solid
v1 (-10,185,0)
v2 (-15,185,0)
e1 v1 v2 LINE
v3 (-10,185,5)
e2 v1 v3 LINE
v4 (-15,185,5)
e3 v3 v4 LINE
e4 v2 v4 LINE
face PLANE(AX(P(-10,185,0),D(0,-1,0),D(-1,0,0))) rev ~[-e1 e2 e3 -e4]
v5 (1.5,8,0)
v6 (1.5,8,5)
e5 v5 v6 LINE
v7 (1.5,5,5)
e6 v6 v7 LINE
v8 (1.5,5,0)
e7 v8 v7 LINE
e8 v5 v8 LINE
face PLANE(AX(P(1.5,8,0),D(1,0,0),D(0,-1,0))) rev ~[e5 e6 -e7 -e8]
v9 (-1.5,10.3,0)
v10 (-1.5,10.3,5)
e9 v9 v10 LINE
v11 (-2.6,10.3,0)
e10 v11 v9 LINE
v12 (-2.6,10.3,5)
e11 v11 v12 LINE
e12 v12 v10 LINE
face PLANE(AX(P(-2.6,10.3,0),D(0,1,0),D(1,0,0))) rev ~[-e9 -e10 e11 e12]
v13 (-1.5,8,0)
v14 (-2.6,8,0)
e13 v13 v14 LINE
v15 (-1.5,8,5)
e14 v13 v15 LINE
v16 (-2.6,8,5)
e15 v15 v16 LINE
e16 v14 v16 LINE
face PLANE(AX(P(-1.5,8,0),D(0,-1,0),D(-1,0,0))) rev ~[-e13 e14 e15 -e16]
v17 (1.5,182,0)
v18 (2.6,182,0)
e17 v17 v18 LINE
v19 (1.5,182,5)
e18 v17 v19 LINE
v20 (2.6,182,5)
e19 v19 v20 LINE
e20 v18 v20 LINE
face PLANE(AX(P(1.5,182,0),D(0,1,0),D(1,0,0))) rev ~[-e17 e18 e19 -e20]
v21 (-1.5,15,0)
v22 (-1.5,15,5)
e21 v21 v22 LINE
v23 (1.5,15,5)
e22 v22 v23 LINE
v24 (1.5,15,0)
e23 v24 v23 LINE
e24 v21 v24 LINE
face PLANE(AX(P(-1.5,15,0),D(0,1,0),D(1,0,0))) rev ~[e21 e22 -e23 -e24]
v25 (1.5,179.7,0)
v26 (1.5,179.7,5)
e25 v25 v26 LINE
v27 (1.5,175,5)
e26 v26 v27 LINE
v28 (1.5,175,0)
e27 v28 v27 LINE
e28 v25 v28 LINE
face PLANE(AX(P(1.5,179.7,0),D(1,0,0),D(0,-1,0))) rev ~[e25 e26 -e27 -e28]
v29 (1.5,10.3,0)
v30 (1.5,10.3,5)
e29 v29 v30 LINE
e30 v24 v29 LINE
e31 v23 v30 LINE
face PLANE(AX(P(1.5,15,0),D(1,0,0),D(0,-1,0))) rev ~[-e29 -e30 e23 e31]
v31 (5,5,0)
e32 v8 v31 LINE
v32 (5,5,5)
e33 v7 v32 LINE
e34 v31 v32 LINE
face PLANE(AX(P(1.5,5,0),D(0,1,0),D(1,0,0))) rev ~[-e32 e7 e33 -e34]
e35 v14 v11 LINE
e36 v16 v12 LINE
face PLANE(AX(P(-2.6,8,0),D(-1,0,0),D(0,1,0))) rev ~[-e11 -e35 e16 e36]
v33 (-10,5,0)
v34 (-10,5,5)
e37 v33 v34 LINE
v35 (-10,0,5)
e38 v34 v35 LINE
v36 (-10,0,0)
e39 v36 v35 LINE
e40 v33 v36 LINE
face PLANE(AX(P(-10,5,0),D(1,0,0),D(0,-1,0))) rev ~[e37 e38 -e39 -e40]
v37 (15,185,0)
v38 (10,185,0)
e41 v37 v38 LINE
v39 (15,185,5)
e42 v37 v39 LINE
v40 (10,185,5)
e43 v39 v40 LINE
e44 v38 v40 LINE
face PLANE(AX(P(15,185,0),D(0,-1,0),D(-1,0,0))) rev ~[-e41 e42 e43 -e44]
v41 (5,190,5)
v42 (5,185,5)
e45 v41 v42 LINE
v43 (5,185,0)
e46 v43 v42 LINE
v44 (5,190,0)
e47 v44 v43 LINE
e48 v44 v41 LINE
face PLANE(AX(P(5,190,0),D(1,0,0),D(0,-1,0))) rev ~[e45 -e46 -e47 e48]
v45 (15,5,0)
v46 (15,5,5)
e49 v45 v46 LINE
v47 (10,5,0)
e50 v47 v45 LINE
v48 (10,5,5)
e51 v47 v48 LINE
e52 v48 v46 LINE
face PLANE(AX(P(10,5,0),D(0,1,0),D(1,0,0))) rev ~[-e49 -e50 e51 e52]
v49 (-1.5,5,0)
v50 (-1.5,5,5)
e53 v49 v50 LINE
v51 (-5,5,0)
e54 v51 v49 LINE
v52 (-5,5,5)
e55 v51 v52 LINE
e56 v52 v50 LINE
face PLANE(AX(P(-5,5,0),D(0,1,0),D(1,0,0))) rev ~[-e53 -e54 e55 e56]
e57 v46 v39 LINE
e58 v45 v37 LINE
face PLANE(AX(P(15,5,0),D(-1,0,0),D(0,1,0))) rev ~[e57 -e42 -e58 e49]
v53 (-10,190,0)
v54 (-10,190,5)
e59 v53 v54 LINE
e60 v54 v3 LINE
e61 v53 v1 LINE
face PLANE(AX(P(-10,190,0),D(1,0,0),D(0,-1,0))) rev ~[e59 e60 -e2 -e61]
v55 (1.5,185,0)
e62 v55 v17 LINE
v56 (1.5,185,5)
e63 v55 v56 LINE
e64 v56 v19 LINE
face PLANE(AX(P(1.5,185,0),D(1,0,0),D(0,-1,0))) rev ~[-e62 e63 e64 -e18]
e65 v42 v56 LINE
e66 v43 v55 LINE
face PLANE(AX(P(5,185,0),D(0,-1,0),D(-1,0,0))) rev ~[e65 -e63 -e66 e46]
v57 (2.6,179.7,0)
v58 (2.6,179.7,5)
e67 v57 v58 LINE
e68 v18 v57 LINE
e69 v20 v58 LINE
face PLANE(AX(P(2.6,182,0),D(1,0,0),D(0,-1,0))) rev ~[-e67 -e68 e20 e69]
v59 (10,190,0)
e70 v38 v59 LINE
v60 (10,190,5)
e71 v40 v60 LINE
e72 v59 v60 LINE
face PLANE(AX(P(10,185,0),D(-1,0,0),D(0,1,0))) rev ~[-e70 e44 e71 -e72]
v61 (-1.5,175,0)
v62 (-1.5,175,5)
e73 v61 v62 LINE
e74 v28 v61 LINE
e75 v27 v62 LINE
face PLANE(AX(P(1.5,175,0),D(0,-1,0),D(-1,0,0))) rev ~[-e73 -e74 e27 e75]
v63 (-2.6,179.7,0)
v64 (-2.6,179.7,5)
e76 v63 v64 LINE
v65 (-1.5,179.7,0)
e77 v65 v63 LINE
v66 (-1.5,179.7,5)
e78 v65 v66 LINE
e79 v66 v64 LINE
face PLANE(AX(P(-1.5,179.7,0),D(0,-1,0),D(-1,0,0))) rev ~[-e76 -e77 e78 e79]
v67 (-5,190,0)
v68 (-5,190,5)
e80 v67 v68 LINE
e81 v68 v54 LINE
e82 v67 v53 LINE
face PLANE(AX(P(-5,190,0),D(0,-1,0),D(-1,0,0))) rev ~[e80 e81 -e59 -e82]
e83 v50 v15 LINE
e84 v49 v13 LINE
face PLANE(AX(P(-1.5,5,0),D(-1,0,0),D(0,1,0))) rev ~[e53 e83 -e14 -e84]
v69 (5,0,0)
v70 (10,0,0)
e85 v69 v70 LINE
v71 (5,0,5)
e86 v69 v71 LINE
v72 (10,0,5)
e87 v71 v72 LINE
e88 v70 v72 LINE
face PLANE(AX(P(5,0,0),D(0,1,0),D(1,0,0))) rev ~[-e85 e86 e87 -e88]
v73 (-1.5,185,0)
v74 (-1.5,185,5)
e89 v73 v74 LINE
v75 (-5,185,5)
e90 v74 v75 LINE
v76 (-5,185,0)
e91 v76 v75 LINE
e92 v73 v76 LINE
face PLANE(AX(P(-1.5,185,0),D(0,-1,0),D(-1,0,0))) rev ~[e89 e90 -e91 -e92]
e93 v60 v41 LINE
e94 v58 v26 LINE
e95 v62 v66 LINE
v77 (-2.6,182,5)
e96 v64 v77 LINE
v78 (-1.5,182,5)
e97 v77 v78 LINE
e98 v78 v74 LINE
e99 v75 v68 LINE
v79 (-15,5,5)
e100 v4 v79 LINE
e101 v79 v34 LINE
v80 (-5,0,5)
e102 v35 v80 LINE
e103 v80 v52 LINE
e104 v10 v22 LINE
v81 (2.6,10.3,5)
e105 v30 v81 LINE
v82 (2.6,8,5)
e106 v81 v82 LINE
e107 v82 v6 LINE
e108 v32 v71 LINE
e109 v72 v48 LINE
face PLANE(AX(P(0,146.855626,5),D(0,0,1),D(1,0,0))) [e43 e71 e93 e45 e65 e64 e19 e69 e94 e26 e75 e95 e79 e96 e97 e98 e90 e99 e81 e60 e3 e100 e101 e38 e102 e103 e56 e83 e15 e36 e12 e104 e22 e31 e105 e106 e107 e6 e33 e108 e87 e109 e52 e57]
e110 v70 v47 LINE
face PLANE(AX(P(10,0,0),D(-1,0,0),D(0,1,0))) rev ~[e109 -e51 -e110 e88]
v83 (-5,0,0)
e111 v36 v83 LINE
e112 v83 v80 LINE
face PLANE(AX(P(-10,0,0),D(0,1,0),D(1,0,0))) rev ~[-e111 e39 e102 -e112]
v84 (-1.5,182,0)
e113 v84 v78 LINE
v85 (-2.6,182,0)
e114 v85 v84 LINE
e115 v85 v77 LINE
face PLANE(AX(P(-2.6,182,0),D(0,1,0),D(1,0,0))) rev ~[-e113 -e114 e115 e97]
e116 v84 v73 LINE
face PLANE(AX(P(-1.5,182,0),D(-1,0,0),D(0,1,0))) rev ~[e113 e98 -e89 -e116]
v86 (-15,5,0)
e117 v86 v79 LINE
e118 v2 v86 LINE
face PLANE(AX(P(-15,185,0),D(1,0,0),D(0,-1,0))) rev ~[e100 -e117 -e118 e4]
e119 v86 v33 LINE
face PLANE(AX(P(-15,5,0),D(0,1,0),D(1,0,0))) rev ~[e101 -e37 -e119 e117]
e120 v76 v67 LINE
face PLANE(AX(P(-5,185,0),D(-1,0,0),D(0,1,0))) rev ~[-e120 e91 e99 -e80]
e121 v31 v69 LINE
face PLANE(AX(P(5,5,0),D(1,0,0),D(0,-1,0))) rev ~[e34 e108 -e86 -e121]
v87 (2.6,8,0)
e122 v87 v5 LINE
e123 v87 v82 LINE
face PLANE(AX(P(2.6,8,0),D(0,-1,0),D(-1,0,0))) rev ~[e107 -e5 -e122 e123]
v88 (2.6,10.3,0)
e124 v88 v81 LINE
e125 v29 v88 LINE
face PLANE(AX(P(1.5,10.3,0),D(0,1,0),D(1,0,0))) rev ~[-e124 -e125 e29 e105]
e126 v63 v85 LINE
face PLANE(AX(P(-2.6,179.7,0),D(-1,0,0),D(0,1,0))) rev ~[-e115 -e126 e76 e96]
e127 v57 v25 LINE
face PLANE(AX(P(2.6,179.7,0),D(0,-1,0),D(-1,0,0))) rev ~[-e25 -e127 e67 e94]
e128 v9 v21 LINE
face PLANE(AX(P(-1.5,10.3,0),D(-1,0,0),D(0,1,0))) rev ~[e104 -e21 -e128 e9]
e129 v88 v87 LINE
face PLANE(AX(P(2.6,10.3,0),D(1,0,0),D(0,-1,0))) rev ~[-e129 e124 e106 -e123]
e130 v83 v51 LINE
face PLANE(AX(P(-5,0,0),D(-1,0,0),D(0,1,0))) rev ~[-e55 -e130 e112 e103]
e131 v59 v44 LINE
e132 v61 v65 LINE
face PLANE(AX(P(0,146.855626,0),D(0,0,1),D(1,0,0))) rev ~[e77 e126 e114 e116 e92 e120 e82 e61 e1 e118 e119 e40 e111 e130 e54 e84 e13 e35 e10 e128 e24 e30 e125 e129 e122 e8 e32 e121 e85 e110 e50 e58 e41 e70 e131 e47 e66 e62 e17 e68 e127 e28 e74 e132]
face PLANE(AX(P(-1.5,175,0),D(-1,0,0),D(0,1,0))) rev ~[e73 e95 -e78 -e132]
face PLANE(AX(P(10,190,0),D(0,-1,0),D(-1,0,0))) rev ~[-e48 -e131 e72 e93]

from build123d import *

# Parameters (mm, degrees)
BOSS_EXTRU_1_DEPTH = 5


with BuildPart() as part:
    # Esquisse1 → Boss.-Extru.1 (new body)
    with BuildSketch(Plane.XY):
        Polygon((-15, 185), (-15, 95), (15, 95), (15, 185), (10, 185), (10, 190), (5, 190), (5, 185), (1.5, 185), (1.5, 182), (2.6, 182), (2.6, 179.7), (1.5, 179.7), (1.5, 175), (-1.5, 175), (-1.5, 179.7), (-2.6, 179.7), (-2.6, 182), (-1.5, 182), (-1.5, 185), (-5, 185), (-5, 190), (-10, 190), (-10, 185), align=None)
        Polygon((-15, 5), (-10, 5), (-10, 0), (-5, 0), (-5, 5), (-1.5, 5), (-1.5, 8), (-2.6, 8), (-2.6, 10.3), (-1.5, 10.3), (-1.5, 15), (1.5, 15), (1.5, 10.3), (2.6, 10.3), (2.6, 8), (1.5, 8), (1.5, 5), (5, 5), (5, 0), (10, 0), (10, 5), (15, 5), (15, 95), (-15, 95), align=None)
    extrude(amount=BOSS_EXTRU_1_DEPTH)


solid = part.part
